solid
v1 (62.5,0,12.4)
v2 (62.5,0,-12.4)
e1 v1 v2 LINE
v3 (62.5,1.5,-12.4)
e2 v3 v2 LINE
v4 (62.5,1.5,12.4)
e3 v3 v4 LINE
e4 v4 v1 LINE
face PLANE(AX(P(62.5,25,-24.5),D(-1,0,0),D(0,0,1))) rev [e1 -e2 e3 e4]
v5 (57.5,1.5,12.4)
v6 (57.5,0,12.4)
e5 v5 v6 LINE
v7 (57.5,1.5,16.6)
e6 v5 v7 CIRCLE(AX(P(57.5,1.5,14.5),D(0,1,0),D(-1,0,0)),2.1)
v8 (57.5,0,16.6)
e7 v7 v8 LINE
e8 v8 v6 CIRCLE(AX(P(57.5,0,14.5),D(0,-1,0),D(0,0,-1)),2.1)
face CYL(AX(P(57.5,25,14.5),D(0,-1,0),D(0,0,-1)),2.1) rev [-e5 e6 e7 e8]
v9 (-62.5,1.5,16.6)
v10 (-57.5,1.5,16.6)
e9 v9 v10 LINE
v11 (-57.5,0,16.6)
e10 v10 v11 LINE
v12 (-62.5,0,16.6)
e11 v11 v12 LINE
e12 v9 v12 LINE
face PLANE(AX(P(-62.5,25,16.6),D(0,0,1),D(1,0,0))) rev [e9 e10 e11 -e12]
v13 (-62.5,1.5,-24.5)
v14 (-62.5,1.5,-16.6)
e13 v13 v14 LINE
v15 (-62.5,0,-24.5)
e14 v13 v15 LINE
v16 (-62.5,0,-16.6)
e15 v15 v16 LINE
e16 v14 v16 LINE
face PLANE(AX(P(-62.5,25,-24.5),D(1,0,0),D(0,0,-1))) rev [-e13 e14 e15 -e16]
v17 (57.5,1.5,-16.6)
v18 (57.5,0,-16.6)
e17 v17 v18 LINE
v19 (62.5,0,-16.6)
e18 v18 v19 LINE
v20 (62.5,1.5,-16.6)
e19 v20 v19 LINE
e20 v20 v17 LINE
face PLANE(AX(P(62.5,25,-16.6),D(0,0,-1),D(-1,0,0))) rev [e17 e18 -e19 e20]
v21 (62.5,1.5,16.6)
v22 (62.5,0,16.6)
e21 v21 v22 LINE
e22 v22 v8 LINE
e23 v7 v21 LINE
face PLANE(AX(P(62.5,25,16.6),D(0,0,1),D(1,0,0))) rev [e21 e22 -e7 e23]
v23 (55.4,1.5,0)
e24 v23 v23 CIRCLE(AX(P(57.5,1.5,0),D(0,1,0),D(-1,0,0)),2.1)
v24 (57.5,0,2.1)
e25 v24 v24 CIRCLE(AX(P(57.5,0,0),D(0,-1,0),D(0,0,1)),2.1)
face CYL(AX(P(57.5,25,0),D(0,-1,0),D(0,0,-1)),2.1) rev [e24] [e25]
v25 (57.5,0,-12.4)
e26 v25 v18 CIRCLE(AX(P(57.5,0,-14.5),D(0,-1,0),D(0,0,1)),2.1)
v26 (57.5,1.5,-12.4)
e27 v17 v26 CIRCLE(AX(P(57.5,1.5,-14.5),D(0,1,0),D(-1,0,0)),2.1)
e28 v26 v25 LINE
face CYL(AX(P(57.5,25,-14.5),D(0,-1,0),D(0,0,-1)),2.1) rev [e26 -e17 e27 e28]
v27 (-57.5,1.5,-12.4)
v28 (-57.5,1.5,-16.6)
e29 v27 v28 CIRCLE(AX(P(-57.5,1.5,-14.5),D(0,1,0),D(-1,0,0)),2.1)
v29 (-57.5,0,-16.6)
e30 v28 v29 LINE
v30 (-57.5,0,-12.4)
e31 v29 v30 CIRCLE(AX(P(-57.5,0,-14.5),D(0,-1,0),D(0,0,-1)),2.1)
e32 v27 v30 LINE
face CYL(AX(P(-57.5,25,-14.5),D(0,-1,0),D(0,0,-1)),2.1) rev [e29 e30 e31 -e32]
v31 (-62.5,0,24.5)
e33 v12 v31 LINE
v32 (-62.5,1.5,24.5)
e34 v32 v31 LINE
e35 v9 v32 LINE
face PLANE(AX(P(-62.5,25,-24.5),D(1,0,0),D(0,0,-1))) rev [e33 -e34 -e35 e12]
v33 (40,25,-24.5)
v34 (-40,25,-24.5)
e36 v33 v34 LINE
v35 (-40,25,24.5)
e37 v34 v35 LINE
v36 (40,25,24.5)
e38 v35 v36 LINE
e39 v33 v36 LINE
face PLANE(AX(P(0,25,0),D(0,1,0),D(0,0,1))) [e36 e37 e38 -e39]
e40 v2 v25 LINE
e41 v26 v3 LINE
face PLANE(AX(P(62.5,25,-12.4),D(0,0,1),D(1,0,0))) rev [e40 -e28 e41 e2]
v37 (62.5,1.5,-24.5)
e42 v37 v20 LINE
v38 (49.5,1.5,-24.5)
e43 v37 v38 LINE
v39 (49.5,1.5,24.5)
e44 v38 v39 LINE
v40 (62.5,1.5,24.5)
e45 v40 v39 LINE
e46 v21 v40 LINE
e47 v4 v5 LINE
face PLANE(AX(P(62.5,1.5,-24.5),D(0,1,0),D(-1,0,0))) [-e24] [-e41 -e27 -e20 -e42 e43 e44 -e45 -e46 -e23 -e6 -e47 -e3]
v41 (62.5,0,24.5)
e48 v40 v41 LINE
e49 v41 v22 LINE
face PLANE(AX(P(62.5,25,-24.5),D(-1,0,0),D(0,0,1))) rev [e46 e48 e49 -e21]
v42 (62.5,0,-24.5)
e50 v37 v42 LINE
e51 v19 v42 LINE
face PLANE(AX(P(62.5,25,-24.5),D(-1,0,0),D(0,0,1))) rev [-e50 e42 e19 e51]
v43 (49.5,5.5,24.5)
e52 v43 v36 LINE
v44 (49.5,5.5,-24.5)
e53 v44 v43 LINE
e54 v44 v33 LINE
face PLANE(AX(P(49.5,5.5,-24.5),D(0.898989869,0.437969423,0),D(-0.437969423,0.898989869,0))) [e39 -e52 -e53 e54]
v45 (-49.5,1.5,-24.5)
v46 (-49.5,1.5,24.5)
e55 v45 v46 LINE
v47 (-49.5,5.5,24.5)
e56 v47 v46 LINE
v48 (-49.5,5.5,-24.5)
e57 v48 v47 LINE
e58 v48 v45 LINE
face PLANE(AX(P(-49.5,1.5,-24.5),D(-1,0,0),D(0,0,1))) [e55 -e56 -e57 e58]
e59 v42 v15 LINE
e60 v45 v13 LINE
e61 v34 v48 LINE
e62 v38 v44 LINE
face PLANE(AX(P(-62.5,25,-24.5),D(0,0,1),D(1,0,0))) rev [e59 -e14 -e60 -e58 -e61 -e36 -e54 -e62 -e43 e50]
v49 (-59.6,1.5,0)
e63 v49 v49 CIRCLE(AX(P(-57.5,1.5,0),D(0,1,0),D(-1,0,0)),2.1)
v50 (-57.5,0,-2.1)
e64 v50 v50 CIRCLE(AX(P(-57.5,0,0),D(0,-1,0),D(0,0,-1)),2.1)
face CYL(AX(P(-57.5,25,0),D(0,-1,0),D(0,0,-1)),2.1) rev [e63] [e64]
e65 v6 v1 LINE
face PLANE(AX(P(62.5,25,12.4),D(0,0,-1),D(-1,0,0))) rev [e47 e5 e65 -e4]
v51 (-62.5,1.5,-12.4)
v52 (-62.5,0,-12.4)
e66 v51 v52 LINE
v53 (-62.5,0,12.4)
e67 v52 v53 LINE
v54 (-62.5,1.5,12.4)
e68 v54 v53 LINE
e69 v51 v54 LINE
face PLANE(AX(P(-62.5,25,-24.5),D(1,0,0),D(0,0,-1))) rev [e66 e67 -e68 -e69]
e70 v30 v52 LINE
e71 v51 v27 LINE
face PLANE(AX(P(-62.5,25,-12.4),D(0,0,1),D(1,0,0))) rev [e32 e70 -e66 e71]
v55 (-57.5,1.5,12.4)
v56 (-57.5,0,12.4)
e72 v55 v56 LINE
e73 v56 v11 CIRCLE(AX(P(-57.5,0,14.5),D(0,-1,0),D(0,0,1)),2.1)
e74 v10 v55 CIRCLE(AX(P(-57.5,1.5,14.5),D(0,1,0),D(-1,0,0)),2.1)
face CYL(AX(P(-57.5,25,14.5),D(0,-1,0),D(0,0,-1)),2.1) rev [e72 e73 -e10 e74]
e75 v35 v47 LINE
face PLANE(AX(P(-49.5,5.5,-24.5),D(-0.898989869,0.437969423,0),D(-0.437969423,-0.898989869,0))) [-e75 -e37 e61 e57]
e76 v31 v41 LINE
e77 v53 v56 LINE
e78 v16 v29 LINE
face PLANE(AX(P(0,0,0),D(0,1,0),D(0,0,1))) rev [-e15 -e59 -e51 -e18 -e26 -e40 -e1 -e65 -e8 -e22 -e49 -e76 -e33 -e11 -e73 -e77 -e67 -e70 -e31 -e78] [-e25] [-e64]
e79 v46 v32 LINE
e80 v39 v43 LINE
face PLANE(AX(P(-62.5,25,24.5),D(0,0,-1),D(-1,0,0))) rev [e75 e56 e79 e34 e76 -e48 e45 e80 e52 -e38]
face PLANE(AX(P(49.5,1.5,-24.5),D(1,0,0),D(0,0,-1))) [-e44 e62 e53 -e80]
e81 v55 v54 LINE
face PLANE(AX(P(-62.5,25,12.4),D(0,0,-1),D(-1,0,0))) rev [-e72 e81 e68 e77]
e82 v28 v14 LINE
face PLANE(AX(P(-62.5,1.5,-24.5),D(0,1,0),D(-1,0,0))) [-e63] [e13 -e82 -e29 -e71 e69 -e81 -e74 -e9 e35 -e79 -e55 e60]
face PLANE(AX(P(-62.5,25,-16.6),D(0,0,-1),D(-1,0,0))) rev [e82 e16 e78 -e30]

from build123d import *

# Parameters (mm, degrees)
SKETCH_1_W          = 125
SKETCH_1_H          = 49
EXTRUDE_1_DEPTH     = 25
SKETCH_2_OUTSIDE_W  = 154.314
SKETCH_2_OUTSIDE_H  = 54.314
CUT_EXTRUDE_1_DEPTH = 84.260134518
SKETCH_3_R          = 2.1
CUT_EXTRUDE_2_DEPTH = 25


with BuildPart() as part:
    # 草图1 → 凸台-拉伸1 (new body)
    with BuildSketch(Plane(origin=(0, 0, 0), x_dir=(1, 0, 0), z_dir=(0, 1, 0))):
        Rectangle(SKETCH_1_W, SKETCH_1_H)
    extrude(amount=EXTRUDE_1_DEPTH)

    # 草图2 outside → 切除-拉伸1 (cut, through all)
    with BuildSketch(Plane.XY.offset(24.5)):
        with Locations((0, 12.5)):
            Rectangle(SKETCH_2_OUTSIDE_W, SKETCH_2_OUTSIDE_H)
        Polygon((-62.5, 1.5), (-49.5, 1.5), (-49.5, 5.5), (-40, 25), (40, 25), (49.5, 5.5), (49.5, 1.5), (62.5, 1.5), (62.5, 0), (-62.5, 0), align=None, mode=Mode.SUBTRACT)
    extrude(amount=-CUT_EXTRUDE_1_DEPTH, mode=Mode.SUBTRACT)

    # 草图3 → 切除-拉伸2 (cut)
    with BuildSketch(Plane.XZ):
        with Locations(Location((-57.5, 0, 0), (0, 0, 270))):
            Circle(SKETCH_3_R)
        with Locations(Location((57.5, 0, 0), (0, 0, 180))):
            Circle(SKETCH_3_R)
        with BuildLine():
            Line((-62.5, 16.6), (-57.5, 16.6))
            ThreePointArc((-57.5, 16.6), (-55.4, 14.5), (-57.5, 12.4))
            Line((-57.5, 12.4), (-62.5, 12.4))
            Line((-62.5, 12.4), (-62.5, 16.6))
        make_face()
        with BuildLine():
            Line((62.5, 16.6), (62.5, 12.4))
            Line((62.5, 12.4), (57.5, 12.4))
            ThreePointArc((57.5, 12.4), (55.4, 14.5), (57.5, 16.6))
            Line((57.5, 16.6), (62.5, 16.6))
        make_face()
        with BuildLine():
            Line((62.5, -16.6), (57.5, -16.6))
            ThreePointArc((57.5, -16.6), (55.4, -14.5), (57.5, -12.4))
            Line((57.5, -12.4), (62.5, -12.4))
            Line((62.5, -12.4), (62.5, -16.6))
        make_face()
        with BuildLine():
            Line((-62.5, -16.6), (-62.5, -12.4))
            Line((-62.5, -12.4), (-57.5, -12.4))
            ThreePointArc((-57.5, -12.4), (-55.4, -14.5), (-57.5, -16.6))
            Line((-57.5, -16.6), (-62.5, -16.6))
        make_face()
    extrude(amount=-CUT_EXTRUDE_2_DEPTH, mode=Mode.SUBTRACT)


solid = part.part
